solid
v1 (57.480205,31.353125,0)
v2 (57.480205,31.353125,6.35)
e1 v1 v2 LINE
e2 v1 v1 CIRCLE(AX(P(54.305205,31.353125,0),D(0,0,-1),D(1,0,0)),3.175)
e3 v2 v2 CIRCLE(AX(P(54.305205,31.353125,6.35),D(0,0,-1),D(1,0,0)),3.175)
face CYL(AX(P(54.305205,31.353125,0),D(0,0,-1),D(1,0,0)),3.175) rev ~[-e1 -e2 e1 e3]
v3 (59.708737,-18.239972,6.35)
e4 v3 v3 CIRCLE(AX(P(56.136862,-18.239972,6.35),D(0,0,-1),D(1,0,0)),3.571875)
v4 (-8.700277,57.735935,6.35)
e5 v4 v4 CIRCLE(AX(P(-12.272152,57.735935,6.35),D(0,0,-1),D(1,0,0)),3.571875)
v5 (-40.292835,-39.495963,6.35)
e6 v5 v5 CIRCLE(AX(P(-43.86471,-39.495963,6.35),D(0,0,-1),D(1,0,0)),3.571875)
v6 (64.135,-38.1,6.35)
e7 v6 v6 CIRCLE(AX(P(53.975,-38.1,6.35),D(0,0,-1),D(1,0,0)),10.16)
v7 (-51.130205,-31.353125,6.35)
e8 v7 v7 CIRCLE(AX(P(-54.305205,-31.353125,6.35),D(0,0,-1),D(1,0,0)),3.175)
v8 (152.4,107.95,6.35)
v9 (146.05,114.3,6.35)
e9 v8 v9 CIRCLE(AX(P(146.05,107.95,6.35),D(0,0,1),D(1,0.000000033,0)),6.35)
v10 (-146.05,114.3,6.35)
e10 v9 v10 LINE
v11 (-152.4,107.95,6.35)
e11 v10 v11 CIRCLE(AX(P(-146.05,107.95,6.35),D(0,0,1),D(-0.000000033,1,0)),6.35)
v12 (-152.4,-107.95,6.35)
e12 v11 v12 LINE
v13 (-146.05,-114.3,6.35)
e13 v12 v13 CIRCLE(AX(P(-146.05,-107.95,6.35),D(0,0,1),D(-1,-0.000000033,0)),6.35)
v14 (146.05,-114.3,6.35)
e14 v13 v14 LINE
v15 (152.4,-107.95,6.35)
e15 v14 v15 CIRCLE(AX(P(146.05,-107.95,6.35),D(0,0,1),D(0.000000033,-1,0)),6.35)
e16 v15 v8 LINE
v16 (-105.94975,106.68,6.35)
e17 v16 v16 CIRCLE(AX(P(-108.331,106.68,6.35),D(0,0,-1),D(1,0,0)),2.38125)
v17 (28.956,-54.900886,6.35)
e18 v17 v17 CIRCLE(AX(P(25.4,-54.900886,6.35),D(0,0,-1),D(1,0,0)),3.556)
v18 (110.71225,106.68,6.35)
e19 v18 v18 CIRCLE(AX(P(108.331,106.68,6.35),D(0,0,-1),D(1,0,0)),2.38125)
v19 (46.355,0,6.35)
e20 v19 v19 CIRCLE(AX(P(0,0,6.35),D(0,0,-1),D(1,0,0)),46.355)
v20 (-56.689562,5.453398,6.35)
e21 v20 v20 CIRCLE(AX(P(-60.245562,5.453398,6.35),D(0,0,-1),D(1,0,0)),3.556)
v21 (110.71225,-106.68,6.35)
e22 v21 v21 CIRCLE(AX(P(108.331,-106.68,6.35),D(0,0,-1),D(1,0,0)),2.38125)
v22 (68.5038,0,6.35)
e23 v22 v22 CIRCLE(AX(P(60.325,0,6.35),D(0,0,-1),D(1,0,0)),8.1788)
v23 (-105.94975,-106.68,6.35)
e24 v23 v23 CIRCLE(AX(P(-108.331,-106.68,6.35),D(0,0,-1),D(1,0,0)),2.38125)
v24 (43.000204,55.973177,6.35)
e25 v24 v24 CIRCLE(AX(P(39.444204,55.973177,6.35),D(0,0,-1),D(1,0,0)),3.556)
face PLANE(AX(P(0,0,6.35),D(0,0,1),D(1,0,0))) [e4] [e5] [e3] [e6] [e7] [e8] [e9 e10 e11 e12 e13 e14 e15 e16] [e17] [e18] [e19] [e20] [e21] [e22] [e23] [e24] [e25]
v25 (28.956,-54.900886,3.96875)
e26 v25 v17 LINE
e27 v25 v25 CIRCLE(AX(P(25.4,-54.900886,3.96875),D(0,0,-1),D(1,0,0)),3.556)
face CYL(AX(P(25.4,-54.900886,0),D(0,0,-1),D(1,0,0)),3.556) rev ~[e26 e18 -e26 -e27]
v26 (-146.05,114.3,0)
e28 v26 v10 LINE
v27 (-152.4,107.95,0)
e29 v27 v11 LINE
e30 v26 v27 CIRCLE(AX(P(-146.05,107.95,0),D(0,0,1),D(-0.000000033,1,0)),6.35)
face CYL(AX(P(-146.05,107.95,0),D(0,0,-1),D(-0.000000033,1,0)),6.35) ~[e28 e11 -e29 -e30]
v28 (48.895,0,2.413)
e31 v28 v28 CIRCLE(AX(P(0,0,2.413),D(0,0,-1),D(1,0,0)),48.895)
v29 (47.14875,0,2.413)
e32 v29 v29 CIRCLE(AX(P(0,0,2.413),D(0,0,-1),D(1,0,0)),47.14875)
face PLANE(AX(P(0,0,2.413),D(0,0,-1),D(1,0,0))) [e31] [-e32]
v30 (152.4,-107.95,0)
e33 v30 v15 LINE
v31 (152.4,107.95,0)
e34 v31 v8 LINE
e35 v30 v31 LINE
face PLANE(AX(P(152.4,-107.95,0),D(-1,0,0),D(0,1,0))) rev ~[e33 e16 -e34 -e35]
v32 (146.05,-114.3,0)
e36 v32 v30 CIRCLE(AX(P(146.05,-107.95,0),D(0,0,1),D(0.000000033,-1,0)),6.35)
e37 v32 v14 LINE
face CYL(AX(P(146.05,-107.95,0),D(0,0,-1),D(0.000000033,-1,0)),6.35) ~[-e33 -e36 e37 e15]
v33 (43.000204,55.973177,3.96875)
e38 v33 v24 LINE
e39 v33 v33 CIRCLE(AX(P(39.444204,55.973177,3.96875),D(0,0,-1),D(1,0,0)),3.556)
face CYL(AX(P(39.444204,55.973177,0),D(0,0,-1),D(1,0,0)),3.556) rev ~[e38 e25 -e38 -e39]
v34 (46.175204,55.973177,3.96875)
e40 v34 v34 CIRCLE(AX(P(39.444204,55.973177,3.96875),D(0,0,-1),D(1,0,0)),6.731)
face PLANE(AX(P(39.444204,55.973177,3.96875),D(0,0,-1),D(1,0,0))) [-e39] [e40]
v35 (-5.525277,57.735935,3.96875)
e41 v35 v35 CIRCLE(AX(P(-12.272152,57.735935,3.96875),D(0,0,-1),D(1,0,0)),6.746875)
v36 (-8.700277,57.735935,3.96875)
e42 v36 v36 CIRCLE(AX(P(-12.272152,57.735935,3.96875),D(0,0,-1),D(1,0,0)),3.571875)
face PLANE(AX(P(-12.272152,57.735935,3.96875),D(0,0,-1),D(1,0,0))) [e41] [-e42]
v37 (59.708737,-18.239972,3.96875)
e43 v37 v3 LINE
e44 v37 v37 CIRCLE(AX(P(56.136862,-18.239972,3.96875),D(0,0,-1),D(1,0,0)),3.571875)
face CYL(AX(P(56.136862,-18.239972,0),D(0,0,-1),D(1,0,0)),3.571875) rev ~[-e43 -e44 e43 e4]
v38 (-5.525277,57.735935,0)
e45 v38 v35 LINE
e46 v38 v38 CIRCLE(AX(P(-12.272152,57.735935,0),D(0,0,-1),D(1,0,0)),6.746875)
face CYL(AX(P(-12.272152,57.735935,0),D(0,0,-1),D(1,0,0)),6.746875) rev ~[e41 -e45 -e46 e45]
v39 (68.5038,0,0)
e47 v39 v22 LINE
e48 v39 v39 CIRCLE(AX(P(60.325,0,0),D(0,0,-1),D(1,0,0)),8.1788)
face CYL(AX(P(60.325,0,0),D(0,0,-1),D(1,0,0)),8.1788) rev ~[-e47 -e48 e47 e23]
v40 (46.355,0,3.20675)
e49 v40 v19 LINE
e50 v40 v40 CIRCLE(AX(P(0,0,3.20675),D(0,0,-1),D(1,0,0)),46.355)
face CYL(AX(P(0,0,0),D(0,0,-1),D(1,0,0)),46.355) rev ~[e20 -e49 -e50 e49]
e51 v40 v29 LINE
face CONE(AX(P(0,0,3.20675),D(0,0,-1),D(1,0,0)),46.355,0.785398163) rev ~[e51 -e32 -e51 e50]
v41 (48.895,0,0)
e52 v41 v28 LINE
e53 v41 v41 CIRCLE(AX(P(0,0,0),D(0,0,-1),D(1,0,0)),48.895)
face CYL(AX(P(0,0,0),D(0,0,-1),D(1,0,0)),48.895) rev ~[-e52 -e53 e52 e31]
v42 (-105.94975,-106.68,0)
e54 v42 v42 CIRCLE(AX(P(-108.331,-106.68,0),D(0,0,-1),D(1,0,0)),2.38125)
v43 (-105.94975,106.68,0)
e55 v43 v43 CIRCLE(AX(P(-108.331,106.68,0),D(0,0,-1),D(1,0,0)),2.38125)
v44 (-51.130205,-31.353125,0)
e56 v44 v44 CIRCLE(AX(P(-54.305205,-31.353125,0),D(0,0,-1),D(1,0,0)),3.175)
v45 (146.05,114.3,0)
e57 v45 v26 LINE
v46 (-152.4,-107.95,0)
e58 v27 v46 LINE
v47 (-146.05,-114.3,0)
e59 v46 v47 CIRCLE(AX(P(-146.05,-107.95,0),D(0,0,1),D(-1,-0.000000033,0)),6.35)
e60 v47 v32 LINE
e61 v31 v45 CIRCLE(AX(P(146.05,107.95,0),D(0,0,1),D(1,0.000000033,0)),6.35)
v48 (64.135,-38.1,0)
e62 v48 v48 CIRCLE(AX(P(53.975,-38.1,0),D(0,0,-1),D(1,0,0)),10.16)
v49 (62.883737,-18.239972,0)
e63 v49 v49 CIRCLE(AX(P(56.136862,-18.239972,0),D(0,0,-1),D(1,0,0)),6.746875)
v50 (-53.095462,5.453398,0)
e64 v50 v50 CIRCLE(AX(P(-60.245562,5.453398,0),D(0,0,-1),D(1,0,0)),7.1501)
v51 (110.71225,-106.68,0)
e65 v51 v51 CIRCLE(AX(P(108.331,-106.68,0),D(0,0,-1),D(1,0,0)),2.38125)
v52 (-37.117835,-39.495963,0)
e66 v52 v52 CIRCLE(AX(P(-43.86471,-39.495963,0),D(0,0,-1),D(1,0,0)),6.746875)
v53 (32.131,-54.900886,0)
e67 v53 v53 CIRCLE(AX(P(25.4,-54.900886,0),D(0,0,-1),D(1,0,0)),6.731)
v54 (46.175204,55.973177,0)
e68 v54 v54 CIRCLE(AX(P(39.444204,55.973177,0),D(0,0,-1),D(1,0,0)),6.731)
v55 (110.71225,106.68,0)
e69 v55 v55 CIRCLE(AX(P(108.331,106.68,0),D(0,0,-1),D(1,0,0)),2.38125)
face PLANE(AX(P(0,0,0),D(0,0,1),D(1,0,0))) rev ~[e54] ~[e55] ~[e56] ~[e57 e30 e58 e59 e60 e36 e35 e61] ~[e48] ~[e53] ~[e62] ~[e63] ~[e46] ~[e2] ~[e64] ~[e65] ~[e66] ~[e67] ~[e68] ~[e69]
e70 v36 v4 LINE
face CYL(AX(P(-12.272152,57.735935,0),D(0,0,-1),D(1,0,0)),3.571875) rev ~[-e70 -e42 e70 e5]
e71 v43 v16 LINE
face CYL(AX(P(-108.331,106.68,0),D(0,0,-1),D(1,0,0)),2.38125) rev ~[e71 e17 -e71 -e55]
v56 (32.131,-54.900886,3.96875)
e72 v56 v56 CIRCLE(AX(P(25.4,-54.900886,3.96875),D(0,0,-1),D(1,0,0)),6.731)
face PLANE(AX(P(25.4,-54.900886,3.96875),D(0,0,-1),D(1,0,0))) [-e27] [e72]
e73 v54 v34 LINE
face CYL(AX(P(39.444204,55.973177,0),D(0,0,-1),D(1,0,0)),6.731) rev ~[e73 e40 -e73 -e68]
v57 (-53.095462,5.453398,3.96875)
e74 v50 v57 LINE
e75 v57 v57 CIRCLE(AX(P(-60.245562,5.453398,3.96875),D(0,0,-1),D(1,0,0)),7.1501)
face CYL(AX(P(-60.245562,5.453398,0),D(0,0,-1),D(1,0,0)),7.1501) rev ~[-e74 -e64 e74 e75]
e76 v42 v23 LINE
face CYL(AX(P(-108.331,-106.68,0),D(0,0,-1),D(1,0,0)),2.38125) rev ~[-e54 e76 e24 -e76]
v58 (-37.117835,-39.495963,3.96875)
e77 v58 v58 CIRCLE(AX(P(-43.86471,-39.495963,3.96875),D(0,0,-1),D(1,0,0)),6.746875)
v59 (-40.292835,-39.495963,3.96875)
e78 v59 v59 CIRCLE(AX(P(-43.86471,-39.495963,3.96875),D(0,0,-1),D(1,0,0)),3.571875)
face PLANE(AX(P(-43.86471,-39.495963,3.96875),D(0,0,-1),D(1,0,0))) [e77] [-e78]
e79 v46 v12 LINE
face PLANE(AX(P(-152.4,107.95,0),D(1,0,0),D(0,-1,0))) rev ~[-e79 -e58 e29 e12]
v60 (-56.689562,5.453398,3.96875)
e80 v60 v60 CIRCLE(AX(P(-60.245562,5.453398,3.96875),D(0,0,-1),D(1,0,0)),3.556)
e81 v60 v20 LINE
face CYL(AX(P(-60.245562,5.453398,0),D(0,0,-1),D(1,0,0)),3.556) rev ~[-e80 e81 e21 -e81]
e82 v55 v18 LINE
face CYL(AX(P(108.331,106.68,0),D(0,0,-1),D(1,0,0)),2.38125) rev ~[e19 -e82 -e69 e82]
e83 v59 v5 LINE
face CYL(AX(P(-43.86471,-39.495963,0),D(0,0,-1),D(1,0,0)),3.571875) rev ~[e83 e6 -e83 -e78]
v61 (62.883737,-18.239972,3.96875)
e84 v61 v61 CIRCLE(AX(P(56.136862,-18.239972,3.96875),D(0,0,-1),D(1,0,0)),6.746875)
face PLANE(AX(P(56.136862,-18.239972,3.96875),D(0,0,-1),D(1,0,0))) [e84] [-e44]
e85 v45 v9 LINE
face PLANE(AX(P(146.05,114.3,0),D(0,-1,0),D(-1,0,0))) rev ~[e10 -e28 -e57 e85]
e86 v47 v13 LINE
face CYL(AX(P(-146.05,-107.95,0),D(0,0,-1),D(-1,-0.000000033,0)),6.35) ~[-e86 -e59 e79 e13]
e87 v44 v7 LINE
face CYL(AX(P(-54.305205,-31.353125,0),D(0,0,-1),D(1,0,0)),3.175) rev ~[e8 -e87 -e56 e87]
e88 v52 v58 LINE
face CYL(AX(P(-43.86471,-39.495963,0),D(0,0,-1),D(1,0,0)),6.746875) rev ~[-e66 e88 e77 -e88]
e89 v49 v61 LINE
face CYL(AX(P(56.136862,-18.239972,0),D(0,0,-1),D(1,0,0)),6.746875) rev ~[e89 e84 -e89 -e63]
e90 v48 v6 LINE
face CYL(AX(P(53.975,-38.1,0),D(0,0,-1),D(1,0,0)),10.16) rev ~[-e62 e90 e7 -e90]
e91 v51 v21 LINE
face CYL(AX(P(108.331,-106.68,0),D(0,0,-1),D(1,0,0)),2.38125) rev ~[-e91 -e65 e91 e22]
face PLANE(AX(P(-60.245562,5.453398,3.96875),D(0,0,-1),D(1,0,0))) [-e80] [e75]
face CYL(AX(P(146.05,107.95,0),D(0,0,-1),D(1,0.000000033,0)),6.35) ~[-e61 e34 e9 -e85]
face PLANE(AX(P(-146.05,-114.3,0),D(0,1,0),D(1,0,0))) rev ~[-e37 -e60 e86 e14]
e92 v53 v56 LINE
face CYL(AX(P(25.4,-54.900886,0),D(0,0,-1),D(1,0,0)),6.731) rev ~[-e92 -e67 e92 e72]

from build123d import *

# Parameters (mm, degrees)
F1_DEPTH  = 6.35
F2_R      = 46.355
F2_R_2    = 8.1788
F2_R_3    = 10.16
F2_R_4    = 3.175
F2_R_5    = 3.556
F2_R_6    = 2.38125
F3_DEPTH  = 6.351
F4_R      = 48.895
F5_DEPTH  = 2.413
F6_SIZE   = 0.79375
F7_R      = 6.731
F7_R_2    = 7.1501
F8_DEPTH  = 3.96875
F9_R      = 3.571875
F10_DEPTH = 6.351
F11_R     = 6.746875
F12_DEPTH = 3.96875


with BuildPart() as f1:
    # F0 (on Top) → F1 (new body)
    with BuildSketch(Plane.XY):
        with BuildLine():
            ThreePointArc((152.4, 107.95), (150.540128, 112.440128), (146.05, 114.3))
            Line((146.05, 114.3), (-146.05, 114.3))
            ThreePointArc((-146.05, 114.3), (-150.540128, 112.440128), (-152.4, 107.95))
            Line((-152.4, 107.95), (-152.4, -107.95))
            ThreePointArc((-152.4, -107.95), (-150.540128, -112.440128), (-146.05, -114.3))
            Line((-146.05, -114.3), (146.05, -114.3))
            ThreePointArc((146.05, -114.3), (150.540128, -112.440128), (152.4, -107.95))
            Line((152.4, -107.95), (152.4, 107.95))
        make_face()
    extrude(amount=F1_DEPTH)

    # F2 (on face) → F3 (cut, through all)
    with BuildSketch(Plane(origin=(0, 0, 0), x_dir=(1, 0, 0), z_dir=(0, 0, -1))):
        Circle(F2_R)
        with Locations((60.325, 0)):
            Circle(F2_R_2)
        with Locations((53.975, 38.1)):
            Circle(F2_R_3)
        with Locations((54.305205, -31.353125)):
            Circle(F2_R_4)
        with Locations((-54.305205, 31.353125)):
            Circle(F2_R_4)
        with Locations((25.4, 54.900886)):
            Circle(F2_R_5)
        with Locations((-60.245562, -5.453398)):
            Circle(F2_R_5)
        with Locations((39.444204, -55.973177)):
            Circle(F2_R_5)
        with Locations((108.331, 106.68)):
            Circle(F2_R_6)
        with Locations((-108.331, 106.68)):
            Circle(F2_R_6)
        with Locations((-108.331, -106.68)):
            Circle(F2_R_6)
        with Locations((108.331, -106.68)):
            Circle(F2_R_6)
    extrude(amount=-F3_DEPTH, mode=Mode.SUBTRACT)

    # F4 (on face) → F5 (cut)
    with BuildSketch(Plane(origin=(0, 0, 0), x_dir=(1, 0, 0), z_dir=(0, 0, -1))):
        Circle(F4_R)
    extrude(amount=-F5_DEPTH, mode=Mode.SUBTRACT)

    # F6
    f6_edges = [f1.edges().sort_by_distance(p)[0] for p in [
        (-46.355, 0, 2.413),
    ]]
    chamfer(f6_edges, length=F6_SIZE)

    # F7 (on face) → F8 (cut)
    with BuildSketch(Plane(origin=(0, 0, 0), x_dir=(1, 0, 0), z_dir=(0, 0, -1))):
        with Locations((39.444204, -55.973177)):
            Circle(F7_R)
        with Locations((-60.245562, -5.453398)):
            Circle(F7_R_2)
        with Locations((25.4, 54.900886)):
            Circle(F7_R)
    extrude(amount=-F8_DEPTH, mode=Mode.SUBTRACT)

    # F9 (on face) → F10 (cut, through all)
    with BuildSketch(Plane(origin=(0, 0, 0), x_dir=(1, 0, 0), z_dir=(0, 0, -1))):
        with Locations((56.136862, 18.239972)):
            Circle(F9_R)
        with Locations((-12.272152, -57.735935)):
            Circle(F9_R)
        with Locations((-43.86471, 39.495963)):
            Circle(F9_R)
    extrude(amount=-F10_DEPTH, mode=Mode.SUBTRACT)

    # F11 (on face) → F12 (cut)
    with BuildSketch(Plane(origin=(0, 0, 0), x_dir=(1, 0, 0), z_dir=(0, 0, -1))):
        with Locations((-12.272152, -57.735935)):
            Circle(F11_R)
        with Locations((56.136862, 18.239972)):
            Circle(F11_R)
        with Locations((-43.86471, 39.495963)):
            Circle(F11_R)
    extrude(amount=-F12_DEPTH, mode=Mode.SUBTRACT)


solid = f1.part
